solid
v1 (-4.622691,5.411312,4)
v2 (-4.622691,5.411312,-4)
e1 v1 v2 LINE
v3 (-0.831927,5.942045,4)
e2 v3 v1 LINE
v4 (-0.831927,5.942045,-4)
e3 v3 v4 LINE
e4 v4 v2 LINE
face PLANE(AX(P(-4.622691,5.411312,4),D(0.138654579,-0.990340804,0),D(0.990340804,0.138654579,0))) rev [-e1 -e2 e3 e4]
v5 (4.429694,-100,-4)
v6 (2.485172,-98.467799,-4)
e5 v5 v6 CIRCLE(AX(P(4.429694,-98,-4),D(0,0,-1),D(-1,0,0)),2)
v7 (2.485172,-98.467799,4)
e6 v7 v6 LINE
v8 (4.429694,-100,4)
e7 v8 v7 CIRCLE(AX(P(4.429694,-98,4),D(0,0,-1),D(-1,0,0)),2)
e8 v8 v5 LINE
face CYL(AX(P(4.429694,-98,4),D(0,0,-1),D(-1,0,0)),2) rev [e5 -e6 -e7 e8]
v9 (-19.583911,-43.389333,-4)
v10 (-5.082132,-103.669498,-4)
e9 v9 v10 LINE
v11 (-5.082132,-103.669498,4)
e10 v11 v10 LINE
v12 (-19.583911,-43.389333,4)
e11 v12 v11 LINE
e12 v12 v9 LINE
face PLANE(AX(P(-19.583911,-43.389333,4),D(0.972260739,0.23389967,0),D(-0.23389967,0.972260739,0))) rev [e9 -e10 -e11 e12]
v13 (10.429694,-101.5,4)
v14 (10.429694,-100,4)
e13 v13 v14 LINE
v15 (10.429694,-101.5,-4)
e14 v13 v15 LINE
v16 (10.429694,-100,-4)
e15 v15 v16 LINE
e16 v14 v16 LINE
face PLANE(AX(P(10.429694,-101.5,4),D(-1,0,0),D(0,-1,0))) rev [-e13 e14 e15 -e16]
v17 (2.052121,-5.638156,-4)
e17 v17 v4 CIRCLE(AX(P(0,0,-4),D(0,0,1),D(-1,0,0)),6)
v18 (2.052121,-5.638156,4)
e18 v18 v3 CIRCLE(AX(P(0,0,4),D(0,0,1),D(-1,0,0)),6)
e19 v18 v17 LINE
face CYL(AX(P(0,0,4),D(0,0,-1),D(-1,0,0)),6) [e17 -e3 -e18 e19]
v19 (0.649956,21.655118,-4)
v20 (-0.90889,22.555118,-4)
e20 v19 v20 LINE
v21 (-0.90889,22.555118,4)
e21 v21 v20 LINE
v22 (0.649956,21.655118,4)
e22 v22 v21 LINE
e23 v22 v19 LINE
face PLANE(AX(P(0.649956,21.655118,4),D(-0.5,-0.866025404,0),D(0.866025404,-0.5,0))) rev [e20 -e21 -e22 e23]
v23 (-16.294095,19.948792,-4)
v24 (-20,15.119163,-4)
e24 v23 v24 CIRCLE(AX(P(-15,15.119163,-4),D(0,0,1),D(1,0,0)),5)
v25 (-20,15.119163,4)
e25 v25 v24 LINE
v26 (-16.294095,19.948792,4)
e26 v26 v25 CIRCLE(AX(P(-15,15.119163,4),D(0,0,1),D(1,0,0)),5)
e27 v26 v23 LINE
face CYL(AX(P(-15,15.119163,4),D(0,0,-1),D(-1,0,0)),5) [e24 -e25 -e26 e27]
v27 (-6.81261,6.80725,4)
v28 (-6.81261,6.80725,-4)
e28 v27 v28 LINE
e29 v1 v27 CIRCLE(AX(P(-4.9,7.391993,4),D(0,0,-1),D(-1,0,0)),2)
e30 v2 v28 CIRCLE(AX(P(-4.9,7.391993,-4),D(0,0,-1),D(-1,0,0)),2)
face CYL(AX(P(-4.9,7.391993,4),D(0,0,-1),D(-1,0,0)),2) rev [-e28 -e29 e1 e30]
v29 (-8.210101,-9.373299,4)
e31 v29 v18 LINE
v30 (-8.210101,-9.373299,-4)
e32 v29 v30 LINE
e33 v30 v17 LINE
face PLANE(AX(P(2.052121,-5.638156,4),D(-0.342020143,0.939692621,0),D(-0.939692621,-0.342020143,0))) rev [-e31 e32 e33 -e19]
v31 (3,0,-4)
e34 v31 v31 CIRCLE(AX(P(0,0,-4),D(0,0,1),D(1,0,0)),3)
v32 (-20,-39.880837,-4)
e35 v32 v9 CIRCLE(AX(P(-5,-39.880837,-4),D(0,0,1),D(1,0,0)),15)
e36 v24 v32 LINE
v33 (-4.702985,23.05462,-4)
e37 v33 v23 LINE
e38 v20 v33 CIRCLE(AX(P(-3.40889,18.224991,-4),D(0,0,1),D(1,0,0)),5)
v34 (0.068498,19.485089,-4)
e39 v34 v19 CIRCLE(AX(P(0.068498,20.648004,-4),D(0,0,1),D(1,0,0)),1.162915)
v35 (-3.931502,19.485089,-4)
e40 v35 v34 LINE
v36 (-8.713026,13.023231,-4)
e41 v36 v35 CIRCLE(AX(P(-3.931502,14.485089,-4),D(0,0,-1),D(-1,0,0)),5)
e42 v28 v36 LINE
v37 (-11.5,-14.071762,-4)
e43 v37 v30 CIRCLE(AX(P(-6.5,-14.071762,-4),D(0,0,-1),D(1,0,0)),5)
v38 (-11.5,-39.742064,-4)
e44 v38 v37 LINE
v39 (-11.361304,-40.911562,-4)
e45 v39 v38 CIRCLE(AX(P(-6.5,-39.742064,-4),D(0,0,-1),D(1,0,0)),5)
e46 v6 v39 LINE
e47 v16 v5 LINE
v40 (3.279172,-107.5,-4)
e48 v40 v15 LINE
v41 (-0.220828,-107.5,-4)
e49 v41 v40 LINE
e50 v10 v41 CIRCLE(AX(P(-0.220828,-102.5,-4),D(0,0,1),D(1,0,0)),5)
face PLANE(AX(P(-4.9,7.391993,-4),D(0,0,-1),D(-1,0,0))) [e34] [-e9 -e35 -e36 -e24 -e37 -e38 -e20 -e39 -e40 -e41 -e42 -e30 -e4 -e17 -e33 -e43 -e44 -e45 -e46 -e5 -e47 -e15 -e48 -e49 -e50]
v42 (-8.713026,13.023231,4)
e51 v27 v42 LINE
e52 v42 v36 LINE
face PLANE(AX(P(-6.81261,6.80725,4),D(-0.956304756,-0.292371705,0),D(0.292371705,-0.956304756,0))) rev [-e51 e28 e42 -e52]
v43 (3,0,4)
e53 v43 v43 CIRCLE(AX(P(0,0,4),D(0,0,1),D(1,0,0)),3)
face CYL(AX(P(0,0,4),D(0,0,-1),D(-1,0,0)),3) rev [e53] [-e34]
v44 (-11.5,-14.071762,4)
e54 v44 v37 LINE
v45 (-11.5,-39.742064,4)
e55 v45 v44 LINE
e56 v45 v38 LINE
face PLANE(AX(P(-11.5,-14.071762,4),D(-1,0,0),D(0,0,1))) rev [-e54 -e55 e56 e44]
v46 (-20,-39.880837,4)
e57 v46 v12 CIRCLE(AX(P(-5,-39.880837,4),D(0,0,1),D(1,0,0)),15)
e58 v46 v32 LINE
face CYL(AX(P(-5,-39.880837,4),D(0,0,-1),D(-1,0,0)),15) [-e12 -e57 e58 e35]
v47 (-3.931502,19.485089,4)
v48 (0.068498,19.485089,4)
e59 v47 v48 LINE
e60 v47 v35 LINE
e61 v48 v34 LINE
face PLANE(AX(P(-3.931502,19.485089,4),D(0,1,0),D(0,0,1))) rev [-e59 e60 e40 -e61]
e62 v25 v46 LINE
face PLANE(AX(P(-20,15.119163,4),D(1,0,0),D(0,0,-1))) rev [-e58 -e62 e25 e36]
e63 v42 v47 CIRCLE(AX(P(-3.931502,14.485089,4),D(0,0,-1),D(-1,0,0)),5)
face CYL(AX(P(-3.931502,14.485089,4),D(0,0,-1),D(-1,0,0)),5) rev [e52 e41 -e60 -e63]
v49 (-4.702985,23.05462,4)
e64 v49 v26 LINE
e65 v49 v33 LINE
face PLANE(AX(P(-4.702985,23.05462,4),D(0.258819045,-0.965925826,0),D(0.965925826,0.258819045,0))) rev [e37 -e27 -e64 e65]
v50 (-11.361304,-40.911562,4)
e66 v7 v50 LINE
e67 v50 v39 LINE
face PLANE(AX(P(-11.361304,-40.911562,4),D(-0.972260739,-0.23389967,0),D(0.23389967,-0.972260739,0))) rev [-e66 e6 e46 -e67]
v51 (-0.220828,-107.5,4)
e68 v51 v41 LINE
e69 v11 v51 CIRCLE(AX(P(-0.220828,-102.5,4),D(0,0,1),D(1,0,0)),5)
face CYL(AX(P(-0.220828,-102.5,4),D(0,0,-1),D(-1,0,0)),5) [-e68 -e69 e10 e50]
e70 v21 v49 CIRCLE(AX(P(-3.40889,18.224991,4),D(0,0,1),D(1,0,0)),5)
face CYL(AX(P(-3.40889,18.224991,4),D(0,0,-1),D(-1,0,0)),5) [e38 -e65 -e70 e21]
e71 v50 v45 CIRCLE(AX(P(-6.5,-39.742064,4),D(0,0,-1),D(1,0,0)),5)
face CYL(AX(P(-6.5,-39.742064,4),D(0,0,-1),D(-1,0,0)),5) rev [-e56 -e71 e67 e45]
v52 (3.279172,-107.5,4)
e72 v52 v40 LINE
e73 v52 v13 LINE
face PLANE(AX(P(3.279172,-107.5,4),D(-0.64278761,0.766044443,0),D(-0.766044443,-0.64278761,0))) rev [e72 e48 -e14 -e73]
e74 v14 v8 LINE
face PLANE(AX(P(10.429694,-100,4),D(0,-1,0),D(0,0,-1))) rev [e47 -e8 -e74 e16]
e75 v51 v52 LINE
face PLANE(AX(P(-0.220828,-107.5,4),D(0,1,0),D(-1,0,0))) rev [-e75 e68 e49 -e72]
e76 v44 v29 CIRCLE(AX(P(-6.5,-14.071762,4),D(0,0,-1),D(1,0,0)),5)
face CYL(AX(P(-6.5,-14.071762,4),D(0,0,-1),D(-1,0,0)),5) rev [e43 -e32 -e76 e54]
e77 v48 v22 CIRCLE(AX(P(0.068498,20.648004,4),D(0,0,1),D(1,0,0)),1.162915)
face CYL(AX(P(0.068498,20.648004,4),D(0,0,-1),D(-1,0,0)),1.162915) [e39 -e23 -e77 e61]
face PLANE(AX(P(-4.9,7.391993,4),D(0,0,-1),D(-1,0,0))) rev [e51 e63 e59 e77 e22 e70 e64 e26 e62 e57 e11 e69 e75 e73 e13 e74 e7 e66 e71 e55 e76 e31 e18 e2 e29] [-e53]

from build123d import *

# Parameters (mm, degrees)
ESQUISSE1_R        = 3
BOSS_EXTRU_1_DEPTH = 4


with BuildPart() as part:
    # Esquisse1 → Boss.-Extru.1 (new, symmetric)
    with BuildSketch(Plane.XY):
        with BuildLine():
            Line((-4.622690842, 5.411311669), (-0.831927473, 5.942044823))
            ThreePointArc((-0.831927473, 5.942044823), (5.822154168, 1.450007187), (2.05212086, -5.638155725))
            Line((2.05212086, -5.638155725), (-8.210100717, -9.373298916))
            ThreePointArc((-8.210100717, -9.373298916), (-10.595760221, -11.203879838), (-11.5, -14.07176202))
            Line((-11.5, -14.07176202), (-11.5, -39.742063683))
            ThreePointArc((-11.5, -39.742063683), (-11.465204853, -40.330910662), (-11.361303694, -40.911562034))
            Line((-11.361303694, -40.911562034), (2.485172244, -98.46779934))
            ThreePointArc((2.485172244, -98.46779934), (3.19187279, -99.570923085), (4.429693722, -100))
            Line((4.429693722, -100), (10.429693722, -100))
            Line((10.429693722, -100), (10.429693722, -101.5))
            Line((10.429693722, -101.5), (3.279172166, -107.5))
            Line((3.279172166, -107.5), (-0.220827834, -107.5))
            ThreePointArc((-0.220827834, -107.5), (-3.315380164, -106.427307714), (-5.082131528, -103.669498351))
            Line((-5.082131528, -103.669498351), (-19.583911082, -43.389332544))
            ThreePointArc((-19.583911082, -43.389332544), (-19.89561456, -41.647378427), (-20, -39.88083749))
            Line((-20, -39.88083749), (-20, 15.11916251))
            ThreePointArc((-20, 15.11916251), (-18.966766701, 18.162969655), (-16.294095226, 19.948791641))
            Line((-16.294095226, 19.948791641), (-4.70298531, 23.054620182))
            ThreePointArc((-4.70298531, 23.054620182), (-2.756259123, 23.182215358), (-0.908890085, 22.55511807))
            Line((-0.908890085, 22.55511807), (0.649955642, 21.65511807))
            ThreePointArc((0.649955642, 21.65511807), (1.191787733, 20.347019689), (0.068498187, 19.485089305))
            Line((0.068498187, 19.485089305), (-3.931501813, 19.485089305))
            ThreePointArc((-3.931501813, 19.485089305), (-7.950786116, 17.459203239), (-8.713025593, 13.023230781))
            Line((-8.713025593, 13.023230781), (-6.812609512, 6.807249868))
            ThreePointArc((-6.812609512, 6.807249868), (-5.975040779, 5.705491773), (-4.622690842, 5.411311669))
        make_face()
        Circle(ESQUISSE1_R, mode=Mode.SUBTRACT)
    extrude(amount=BOSS_EXTRU_1_DEPTH, both=True)


solid = part.part
